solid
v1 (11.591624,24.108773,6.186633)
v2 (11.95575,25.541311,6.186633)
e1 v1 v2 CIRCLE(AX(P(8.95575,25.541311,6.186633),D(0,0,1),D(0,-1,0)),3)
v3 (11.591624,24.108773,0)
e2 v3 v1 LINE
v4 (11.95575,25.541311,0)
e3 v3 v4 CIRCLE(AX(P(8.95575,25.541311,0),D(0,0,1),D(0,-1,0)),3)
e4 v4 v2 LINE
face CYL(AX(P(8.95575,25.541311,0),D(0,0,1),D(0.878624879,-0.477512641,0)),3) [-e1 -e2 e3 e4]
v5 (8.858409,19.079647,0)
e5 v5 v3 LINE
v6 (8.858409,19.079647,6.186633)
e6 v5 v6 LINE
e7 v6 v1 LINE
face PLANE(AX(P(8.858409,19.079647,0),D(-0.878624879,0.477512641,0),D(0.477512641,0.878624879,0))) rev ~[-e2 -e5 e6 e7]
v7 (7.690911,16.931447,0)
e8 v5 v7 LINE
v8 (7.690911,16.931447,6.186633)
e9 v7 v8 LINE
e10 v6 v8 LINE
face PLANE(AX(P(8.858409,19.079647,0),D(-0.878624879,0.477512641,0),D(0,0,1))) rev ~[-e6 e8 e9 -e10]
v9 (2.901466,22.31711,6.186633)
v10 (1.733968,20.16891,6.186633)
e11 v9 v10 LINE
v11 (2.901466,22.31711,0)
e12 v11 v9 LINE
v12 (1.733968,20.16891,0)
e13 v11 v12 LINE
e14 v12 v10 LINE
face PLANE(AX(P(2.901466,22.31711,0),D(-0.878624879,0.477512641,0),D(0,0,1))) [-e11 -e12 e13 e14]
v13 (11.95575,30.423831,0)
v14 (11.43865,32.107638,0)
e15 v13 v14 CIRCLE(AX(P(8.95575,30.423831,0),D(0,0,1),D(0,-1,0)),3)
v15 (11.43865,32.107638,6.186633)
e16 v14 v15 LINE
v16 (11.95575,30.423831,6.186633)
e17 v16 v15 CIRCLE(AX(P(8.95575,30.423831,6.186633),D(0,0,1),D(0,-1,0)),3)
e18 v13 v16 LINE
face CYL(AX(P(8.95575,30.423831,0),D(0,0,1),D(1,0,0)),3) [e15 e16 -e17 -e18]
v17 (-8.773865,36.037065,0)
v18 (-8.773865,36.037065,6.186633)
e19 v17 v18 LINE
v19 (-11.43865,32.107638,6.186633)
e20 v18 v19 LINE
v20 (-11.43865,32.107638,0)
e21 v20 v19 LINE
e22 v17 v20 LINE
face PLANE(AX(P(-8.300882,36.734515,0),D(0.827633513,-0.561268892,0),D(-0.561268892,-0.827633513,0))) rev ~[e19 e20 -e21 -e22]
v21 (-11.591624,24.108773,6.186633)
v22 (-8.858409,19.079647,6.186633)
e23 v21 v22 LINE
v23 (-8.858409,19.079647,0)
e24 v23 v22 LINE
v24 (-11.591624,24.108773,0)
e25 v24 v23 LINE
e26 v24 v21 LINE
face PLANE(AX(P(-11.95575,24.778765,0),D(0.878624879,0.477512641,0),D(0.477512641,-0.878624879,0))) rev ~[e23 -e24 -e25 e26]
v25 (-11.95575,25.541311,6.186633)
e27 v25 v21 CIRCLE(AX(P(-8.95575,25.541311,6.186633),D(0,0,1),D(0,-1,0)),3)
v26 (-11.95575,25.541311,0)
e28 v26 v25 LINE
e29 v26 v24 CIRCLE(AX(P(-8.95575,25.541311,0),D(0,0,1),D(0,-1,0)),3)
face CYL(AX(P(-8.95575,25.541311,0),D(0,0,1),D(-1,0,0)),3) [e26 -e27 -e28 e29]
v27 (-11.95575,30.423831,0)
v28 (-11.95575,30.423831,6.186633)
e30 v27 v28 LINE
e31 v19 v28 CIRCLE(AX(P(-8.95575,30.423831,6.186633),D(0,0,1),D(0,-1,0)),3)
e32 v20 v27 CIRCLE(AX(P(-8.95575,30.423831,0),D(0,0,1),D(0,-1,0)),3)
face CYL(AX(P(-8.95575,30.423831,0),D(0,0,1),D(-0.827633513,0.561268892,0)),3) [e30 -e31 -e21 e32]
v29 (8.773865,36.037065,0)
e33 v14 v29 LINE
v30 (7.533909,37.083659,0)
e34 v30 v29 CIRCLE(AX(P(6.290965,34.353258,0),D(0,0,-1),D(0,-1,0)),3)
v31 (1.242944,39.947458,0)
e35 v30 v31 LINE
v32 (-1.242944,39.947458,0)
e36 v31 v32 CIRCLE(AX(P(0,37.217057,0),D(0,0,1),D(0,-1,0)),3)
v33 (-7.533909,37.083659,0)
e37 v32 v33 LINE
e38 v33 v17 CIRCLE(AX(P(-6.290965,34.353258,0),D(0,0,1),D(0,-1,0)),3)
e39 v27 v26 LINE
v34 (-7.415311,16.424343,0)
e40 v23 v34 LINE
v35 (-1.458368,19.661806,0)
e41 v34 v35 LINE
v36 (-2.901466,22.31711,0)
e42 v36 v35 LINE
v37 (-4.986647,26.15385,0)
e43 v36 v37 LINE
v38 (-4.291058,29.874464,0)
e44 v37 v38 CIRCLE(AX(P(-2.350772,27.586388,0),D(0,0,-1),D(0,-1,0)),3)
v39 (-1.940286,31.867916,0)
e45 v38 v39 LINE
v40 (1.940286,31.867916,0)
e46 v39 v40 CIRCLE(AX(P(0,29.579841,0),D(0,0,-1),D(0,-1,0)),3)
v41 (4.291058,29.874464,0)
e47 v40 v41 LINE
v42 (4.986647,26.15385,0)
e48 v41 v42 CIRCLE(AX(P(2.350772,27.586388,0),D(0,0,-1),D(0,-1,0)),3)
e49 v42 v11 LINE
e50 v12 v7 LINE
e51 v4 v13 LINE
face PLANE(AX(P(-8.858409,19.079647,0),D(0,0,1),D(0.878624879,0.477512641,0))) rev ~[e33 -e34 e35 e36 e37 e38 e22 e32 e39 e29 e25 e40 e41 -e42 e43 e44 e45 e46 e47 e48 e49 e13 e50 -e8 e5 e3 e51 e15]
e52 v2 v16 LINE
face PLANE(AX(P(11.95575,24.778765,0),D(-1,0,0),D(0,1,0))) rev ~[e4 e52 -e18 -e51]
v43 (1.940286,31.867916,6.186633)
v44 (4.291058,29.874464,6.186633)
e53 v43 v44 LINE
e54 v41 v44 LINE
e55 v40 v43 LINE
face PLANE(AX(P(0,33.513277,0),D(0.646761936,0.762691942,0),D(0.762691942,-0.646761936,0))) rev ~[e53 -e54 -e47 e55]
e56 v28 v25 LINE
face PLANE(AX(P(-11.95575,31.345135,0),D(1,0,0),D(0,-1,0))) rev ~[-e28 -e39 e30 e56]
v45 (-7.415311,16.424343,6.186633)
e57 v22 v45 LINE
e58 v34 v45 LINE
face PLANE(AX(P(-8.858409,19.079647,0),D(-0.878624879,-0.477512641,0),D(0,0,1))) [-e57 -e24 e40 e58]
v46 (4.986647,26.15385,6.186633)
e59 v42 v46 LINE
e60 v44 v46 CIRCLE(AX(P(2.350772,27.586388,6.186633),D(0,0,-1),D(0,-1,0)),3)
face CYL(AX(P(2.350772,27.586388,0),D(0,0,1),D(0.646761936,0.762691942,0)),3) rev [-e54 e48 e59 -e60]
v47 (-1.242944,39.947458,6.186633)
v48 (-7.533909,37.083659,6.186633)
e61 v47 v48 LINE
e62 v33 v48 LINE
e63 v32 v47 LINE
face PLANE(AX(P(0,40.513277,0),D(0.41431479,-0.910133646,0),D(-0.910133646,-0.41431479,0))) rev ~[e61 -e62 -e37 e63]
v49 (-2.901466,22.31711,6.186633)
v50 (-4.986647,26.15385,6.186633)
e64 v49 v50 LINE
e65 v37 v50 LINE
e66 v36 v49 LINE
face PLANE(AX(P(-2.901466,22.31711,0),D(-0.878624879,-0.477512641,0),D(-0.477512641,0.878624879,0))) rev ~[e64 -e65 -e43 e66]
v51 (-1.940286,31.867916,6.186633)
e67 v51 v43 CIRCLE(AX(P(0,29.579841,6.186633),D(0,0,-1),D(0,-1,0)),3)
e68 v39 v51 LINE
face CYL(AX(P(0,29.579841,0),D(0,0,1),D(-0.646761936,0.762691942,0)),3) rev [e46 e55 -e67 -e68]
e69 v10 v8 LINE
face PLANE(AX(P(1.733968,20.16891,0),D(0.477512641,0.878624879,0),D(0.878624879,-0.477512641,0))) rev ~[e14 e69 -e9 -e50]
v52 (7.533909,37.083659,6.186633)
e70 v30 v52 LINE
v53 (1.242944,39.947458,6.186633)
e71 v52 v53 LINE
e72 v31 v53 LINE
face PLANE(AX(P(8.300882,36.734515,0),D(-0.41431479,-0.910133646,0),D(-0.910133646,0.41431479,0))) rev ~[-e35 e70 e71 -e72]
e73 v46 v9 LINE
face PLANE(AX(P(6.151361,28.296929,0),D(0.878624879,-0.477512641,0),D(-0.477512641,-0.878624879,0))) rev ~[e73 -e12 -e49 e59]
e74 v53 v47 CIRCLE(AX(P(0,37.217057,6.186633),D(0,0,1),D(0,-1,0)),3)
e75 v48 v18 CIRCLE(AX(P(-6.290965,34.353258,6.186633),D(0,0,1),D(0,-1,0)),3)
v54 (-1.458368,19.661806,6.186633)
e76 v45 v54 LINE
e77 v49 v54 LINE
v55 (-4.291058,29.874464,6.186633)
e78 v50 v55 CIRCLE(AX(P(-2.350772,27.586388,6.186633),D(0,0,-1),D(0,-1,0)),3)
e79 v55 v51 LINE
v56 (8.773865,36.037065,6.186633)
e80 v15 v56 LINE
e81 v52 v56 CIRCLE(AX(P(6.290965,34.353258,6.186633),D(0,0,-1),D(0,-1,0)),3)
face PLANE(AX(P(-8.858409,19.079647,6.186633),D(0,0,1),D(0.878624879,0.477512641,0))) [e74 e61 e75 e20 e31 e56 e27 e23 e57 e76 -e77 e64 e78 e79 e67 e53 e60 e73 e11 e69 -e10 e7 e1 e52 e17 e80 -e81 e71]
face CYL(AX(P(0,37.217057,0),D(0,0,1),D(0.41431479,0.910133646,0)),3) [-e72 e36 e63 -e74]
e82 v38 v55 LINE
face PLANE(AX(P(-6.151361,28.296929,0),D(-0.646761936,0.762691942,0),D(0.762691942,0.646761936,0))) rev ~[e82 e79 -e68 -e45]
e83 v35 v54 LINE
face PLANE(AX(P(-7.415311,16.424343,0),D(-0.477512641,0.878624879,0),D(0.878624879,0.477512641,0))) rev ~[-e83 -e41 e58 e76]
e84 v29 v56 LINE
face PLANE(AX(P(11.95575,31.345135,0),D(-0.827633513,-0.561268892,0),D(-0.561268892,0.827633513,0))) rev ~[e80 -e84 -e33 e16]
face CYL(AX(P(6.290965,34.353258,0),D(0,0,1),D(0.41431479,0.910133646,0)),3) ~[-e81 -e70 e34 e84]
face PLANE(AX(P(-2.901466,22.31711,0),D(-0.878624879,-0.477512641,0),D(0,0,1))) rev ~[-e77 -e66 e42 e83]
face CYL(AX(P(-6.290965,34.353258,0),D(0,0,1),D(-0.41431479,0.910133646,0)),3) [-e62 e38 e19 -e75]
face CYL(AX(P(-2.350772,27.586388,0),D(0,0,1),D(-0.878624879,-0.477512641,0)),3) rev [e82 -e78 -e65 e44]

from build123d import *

# Parameters (mm, degrees)
F1_DEPTH = 6.1866333708
F2_R     = 3
F3_DEPTH = 2.4449569173
F4_DEPTH = 3.0221138149


with BuildPart() as f1:
    # F0 (on Top) → F1 (new body)
    with BuildSketch(Plane.XY):
        Polygon((8.3008821889, 36.7345147961), (0, 40.5132766051), (-8.3008821889, 36.7345147961), (-11.9557498605, 31.3451354549), (-11.9557498605, 24.7787649356), (-8.8584089335, 19.0796471245), (-2.9014659626, 22.3171101626), (-6.1513614195, 28.2969288261), (0, 33.5132766051), (6.1513614195, 28.2969288261), (2.9014659626, 22.3171101626), (8.8584089335, 19.0796471245), (11.9557498605, 24.7787649356), (11.9557498605, 31.3451354549), align=None)
    extrude(amount=F1_DEPTH)

    # F2
    f2_edges = [f1.edges().sort_by_distance(p)[0] for p in [
        (-11.95575, 24.778765, 3.093317),
        (0, 40.513277, 3.093317),
        (11.95575, 31.345135, 3.093317),
        (-11.95575, 31.345135, 3.093317),
        (6.151361, 28.296929, 3.093317),
        (8.300882, 36.734515, 3.093317),
        (-8.300882, 36.734515, 3.093317),
        (0, 33.513277, 3.093317),
        (11.95575, 24.778765, 3.093317),
        (-6.151361, 28.296929, 3.093317),
    ]]
    fillet(f2_edges, radius=F2_R)

    # F3 (add): a face of the model
    f3_faces = [f1.faces().sort_by_distance(p)[0] for p in [
        (5.879937448, 20.6983786435, 3.0933166854),
    ]]
    extrude(f3_faces, amount=F3_DEPTH)

    # F4 (add): a face of the model
    f4_faces = [f1.faces().sort_by_distance(p)[0] for p in [
        (-5.879937448, 20.6983786435, 3.0933166854),
    ]]
    extrude(f4_faces, amount=F4_DEPTH)


solid = f1.part
